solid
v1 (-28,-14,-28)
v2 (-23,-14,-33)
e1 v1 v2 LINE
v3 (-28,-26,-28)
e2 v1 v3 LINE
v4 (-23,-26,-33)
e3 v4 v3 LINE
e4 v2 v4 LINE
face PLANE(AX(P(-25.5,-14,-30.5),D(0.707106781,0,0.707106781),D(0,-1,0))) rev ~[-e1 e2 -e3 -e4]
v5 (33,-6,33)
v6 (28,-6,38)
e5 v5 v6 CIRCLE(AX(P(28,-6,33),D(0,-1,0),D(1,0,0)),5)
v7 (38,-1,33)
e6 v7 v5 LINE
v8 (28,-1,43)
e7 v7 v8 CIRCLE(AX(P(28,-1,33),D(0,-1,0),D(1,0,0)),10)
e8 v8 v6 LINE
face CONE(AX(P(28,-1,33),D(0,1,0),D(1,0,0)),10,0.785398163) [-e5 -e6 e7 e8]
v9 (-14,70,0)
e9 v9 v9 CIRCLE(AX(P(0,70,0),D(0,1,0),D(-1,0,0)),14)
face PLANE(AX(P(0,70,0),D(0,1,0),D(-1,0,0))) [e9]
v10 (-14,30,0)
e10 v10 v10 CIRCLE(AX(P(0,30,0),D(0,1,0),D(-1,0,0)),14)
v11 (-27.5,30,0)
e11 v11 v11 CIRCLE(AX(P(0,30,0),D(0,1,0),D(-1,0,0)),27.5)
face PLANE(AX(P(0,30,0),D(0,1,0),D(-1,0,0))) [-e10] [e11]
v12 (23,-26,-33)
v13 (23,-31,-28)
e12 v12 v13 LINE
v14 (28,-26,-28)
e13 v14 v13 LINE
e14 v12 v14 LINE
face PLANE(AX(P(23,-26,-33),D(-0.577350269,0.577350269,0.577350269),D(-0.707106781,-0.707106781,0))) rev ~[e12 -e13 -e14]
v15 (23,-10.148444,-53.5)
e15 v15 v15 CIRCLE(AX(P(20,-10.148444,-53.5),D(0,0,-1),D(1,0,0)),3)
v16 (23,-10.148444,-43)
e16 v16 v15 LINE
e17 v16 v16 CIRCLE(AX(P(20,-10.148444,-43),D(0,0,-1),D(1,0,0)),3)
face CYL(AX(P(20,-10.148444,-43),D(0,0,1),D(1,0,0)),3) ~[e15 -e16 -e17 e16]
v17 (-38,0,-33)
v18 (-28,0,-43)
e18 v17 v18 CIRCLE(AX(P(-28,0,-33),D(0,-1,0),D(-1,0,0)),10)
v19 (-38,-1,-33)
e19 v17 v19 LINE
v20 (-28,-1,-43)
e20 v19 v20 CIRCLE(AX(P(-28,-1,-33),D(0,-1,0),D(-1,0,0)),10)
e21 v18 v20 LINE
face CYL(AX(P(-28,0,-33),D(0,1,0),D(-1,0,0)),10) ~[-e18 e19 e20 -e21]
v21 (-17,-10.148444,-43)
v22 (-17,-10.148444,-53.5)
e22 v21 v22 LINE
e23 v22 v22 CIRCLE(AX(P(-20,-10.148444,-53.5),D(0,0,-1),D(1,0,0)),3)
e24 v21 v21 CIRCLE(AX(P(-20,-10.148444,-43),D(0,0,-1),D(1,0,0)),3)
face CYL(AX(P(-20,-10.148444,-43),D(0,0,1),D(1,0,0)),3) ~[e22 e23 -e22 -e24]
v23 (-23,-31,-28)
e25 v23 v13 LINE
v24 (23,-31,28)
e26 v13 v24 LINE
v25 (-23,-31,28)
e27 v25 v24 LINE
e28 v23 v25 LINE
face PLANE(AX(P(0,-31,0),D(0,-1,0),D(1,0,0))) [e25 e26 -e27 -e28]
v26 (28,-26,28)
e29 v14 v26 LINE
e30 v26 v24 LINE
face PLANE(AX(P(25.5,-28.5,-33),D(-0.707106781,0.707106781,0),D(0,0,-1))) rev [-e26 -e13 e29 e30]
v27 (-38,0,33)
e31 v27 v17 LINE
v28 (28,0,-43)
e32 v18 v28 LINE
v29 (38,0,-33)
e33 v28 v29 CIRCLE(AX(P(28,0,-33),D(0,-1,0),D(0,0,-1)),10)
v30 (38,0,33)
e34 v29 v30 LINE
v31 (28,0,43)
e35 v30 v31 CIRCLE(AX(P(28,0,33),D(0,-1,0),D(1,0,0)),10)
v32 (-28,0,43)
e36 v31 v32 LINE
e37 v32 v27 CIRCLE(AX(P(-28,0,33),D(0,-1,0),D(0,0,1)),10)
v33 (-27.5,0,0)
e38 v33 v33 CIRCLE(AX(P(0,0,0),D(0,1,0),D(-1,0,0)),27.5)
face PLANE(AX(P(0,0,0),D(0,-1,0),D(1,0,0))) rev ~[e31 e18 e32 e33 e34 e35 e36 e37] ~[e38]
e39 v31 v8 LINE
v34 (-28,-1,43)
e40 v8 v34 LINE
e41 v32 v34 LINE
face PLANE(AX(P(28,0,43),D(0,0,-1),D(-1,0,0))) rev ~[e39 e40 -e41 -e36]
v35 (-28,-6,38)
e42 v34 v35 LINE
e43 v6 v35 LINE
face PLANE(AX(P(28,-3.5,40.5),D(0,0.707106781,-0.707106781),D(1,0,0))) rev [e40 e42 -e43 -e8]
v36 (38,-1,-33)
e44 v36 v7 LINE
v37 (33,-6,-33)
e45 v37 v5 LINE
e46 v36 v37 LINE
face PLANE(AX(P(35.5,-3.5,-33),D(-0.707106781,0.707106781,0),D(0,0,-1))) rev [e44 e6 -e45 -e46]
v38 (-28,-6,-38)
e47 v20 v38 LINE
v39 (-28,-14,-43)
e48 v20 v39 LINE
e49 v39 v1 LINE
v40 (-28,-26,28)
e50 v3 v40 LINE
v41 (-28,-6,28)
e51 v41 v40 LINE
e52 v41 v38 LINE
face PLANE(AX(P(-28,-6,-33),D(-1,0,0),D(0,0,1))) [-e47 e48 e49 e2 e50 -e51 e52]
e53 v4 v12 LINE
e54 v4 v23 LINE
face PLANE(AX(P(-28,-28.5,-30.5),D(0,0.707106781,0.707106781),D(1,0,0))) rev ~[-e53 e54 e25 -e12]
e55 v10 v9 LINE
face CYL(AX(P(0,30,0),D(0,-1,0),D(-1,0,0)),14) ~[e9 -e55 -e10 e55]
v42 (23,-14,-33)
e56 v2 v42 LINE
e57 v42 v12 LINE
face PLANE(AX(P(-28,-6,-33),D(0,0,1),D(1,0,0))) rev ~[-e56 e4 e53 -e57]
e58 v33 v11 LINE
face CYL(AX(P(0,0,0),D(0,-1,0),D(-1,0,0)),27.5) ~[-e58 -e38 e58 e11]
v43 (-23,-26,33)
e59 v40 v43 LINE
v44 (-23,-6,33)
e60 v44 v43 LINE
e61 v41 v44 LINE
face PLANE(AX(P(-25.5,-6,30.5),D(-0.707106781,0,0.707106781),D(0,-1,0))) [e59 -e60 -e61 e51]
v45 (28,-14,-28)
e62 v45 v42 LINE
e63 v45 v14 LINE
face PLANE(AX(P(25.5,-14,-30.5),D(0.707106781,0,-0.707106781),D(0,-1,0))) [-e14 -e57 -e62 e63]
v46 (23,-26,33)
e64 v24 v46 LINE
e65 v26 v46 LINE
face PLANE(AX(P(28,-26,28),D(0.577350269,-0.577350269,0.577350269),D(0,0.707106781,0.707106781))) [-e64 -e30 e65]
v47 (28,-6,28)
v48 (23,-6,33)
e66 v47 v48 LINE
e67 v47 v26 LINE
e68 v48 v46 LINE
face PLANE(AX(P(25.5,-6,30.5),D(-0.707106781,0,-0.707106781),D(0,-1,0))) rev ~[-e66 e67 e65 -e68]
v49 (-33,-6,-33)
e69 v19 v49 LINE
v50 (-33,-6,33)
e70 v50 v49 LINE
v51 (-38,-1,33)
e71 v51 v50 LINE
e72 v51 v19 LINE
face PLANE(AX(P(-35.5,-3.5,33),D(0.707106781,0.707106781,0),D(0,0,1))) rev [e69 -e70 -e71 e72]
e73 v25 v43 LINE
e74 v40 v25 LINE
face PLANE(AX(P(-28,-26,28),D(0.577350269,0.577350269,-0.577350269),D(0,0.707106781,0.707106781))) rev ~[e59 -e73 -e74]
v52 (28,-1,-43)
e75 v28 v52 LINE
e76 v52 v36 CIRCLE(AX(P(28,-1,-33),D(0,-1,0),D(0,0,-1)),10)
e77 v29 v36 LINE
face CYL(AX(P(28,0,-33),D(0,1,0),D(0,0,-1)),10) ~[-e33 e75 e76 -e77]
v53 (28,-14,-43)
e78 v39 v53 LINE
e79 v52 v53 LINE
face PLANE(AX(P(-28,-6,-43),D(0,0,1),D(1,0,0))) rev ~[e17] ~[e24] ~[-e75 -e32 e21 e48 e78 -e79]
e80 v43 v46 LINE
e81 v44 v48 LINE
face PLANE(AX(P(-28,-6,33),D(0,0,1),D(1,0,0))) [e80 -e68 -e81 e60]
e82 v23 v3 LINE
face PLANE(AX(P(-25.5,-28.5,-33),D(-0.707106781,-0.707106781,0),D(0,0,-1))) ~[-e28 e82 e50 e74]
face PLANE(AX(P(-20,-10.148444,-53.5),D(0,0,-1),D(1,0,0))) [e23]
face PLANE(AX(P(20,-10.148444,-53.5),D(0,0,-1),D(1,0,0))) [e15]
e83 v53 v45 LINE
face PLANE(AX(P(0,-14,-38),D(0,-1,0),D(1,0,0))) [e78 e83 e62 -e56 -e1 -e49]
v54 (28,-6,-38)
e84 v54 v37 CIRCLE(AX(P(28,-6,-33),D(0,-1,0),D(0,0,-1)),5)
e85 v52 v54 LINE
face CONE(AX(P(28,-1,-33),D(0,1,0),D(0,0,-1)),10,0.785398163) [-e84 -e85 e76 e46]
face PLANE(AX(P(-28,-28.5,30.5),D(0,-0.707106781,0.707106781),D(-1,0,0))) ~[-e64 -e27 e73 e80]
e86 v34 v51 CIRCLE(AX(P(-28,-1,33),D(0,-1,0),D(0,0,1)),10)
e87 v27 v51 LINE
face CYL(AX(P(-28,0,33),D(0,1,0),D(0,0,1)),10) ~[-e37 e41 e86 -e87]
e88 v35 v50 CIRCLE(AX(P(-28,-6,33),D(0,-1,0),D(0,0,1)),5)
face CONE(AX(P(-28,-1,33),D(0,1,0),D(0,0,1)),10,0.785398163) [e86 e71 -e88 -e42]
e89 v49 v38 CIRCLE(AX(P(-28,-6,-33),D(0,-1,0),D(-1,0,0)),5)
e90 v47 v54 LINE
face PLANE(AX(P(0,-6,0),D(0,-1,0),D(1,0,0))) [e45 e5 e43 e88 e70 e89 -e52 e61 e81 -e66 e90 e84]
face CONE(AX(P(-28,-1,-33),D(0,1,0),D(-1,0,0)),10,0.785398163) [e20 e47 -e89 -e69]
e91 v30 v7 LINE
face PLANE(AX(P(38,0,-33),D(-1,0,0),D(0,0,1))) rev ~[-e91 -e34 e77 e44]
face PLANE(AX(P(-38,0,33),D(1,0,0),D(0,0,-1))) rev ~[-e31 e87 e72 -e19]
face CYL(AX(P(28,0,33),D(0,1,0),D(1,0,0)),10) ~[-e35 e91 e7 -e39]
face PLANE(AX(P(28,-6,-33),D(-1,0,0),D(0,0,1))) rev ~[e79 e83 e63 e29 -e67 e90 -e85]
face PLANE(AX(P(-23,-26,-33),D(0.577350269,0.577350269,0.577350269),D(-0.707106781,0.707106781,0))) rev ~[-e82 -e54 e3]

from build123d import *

# Parameters (mm, degrees)
F1_DEPTH  = 6
F2_R      = 27.5
F3_DEPTH  = 30
F4_R      = 14
F5_DEPTH  = 40
F6_W      = 56
F6_H      = 10
F7_DEPTH  = 8
F8_R      = 3
F9_DEPTH  = 10.5
F10_W     = 56
F10_H     = 66
F11_DEPTH = 25
F12_SIZE  = 5


with BuildPart() as f1:
    # F0 (on Front) → F1 (new body)
    with BuildSketch(Plane.XZ):
        with BuildLine():
            ThreePointArc((38, 33), (35.0710678119, 40.0710678119), (28, 43))
            Line((28, 43), (-28, 43))
            ThreePointArc((-28, 43), (-35.0710678119, 40.0710678119), (-38, 33))
            Line((-38, 33), (-38, -33))
            ThreePointArc((-38, -33), (-35.0710678119, -40.0710678119), (-28, -43))
            Line((-28, -43), (28, -43))
            ThreePointArc((28, -43), (35.0710678119, -40.0710678119), (38, -33))
            Line((38, -33), (38, 33))
        make_face()
    extrude(amount=F1_DEPTH)

    # F2 (on face) → F3 (join)
    with BuildSketch(Plane(origin=(0, 0, 0), x_dir=(-1, 0, 0), z_dir=(0, 1, 0))):
        Circle(F2_R)
    extrude(amount=F3_DEPTH)

    # F4 (on face) → F5 (join)
    with BuildSketch(Plane(origin=(0, 30, 0), x_dir=(-1, 0, 0), z_dir=(0, 1, 0))):
        Circle(F4_R)
    extrude(amount=F5_DEPTH)

    # F6 (on face) → F7 (join)
    with BuildSketch(Plane.XZ.offset(6)):
        with Locations((0, -38)):
            Rectangle(F6_W, F6_H)
    extrude(amount=F7_DEPTH)

    # F8 (on face) → F9 (join)
    with BuildSketch(Plane(origin=(0, 0, -43), x_dir=(1, 0, 0), z_dir=(0, 0, -1))):
        with Locations((-20, 10.148444213)):
            Circle(F8_R)
        with Locations((20, 10.148444213)):
            Circle(F8_R)
    extrude(amount=F9_DEPTH)

    # F10 (on face) → F11 (join)
    with BuildSketch(Plane.XZ.offset(6)):
        Rectangle(F10_W, F10_H)
    extrude(amount=F11_DEPTH)

    # F12
    f12_edges = [f1.edges().sort_by_distance(p)[0] for p in [
        (0, -31, 33),
        (28, -31, 0),
        (-28, -31, 0),
        (-28, -18.5, 33),
        (28, -18.5, 33),
        (28, -22.5, -33),
        (0, -31, -33),
        (-28, -22.5, -33),
        (0, -6, 43),
    ]]
    chamfer(f12_edges, length=F12_SIZE)


solid = f1.part
